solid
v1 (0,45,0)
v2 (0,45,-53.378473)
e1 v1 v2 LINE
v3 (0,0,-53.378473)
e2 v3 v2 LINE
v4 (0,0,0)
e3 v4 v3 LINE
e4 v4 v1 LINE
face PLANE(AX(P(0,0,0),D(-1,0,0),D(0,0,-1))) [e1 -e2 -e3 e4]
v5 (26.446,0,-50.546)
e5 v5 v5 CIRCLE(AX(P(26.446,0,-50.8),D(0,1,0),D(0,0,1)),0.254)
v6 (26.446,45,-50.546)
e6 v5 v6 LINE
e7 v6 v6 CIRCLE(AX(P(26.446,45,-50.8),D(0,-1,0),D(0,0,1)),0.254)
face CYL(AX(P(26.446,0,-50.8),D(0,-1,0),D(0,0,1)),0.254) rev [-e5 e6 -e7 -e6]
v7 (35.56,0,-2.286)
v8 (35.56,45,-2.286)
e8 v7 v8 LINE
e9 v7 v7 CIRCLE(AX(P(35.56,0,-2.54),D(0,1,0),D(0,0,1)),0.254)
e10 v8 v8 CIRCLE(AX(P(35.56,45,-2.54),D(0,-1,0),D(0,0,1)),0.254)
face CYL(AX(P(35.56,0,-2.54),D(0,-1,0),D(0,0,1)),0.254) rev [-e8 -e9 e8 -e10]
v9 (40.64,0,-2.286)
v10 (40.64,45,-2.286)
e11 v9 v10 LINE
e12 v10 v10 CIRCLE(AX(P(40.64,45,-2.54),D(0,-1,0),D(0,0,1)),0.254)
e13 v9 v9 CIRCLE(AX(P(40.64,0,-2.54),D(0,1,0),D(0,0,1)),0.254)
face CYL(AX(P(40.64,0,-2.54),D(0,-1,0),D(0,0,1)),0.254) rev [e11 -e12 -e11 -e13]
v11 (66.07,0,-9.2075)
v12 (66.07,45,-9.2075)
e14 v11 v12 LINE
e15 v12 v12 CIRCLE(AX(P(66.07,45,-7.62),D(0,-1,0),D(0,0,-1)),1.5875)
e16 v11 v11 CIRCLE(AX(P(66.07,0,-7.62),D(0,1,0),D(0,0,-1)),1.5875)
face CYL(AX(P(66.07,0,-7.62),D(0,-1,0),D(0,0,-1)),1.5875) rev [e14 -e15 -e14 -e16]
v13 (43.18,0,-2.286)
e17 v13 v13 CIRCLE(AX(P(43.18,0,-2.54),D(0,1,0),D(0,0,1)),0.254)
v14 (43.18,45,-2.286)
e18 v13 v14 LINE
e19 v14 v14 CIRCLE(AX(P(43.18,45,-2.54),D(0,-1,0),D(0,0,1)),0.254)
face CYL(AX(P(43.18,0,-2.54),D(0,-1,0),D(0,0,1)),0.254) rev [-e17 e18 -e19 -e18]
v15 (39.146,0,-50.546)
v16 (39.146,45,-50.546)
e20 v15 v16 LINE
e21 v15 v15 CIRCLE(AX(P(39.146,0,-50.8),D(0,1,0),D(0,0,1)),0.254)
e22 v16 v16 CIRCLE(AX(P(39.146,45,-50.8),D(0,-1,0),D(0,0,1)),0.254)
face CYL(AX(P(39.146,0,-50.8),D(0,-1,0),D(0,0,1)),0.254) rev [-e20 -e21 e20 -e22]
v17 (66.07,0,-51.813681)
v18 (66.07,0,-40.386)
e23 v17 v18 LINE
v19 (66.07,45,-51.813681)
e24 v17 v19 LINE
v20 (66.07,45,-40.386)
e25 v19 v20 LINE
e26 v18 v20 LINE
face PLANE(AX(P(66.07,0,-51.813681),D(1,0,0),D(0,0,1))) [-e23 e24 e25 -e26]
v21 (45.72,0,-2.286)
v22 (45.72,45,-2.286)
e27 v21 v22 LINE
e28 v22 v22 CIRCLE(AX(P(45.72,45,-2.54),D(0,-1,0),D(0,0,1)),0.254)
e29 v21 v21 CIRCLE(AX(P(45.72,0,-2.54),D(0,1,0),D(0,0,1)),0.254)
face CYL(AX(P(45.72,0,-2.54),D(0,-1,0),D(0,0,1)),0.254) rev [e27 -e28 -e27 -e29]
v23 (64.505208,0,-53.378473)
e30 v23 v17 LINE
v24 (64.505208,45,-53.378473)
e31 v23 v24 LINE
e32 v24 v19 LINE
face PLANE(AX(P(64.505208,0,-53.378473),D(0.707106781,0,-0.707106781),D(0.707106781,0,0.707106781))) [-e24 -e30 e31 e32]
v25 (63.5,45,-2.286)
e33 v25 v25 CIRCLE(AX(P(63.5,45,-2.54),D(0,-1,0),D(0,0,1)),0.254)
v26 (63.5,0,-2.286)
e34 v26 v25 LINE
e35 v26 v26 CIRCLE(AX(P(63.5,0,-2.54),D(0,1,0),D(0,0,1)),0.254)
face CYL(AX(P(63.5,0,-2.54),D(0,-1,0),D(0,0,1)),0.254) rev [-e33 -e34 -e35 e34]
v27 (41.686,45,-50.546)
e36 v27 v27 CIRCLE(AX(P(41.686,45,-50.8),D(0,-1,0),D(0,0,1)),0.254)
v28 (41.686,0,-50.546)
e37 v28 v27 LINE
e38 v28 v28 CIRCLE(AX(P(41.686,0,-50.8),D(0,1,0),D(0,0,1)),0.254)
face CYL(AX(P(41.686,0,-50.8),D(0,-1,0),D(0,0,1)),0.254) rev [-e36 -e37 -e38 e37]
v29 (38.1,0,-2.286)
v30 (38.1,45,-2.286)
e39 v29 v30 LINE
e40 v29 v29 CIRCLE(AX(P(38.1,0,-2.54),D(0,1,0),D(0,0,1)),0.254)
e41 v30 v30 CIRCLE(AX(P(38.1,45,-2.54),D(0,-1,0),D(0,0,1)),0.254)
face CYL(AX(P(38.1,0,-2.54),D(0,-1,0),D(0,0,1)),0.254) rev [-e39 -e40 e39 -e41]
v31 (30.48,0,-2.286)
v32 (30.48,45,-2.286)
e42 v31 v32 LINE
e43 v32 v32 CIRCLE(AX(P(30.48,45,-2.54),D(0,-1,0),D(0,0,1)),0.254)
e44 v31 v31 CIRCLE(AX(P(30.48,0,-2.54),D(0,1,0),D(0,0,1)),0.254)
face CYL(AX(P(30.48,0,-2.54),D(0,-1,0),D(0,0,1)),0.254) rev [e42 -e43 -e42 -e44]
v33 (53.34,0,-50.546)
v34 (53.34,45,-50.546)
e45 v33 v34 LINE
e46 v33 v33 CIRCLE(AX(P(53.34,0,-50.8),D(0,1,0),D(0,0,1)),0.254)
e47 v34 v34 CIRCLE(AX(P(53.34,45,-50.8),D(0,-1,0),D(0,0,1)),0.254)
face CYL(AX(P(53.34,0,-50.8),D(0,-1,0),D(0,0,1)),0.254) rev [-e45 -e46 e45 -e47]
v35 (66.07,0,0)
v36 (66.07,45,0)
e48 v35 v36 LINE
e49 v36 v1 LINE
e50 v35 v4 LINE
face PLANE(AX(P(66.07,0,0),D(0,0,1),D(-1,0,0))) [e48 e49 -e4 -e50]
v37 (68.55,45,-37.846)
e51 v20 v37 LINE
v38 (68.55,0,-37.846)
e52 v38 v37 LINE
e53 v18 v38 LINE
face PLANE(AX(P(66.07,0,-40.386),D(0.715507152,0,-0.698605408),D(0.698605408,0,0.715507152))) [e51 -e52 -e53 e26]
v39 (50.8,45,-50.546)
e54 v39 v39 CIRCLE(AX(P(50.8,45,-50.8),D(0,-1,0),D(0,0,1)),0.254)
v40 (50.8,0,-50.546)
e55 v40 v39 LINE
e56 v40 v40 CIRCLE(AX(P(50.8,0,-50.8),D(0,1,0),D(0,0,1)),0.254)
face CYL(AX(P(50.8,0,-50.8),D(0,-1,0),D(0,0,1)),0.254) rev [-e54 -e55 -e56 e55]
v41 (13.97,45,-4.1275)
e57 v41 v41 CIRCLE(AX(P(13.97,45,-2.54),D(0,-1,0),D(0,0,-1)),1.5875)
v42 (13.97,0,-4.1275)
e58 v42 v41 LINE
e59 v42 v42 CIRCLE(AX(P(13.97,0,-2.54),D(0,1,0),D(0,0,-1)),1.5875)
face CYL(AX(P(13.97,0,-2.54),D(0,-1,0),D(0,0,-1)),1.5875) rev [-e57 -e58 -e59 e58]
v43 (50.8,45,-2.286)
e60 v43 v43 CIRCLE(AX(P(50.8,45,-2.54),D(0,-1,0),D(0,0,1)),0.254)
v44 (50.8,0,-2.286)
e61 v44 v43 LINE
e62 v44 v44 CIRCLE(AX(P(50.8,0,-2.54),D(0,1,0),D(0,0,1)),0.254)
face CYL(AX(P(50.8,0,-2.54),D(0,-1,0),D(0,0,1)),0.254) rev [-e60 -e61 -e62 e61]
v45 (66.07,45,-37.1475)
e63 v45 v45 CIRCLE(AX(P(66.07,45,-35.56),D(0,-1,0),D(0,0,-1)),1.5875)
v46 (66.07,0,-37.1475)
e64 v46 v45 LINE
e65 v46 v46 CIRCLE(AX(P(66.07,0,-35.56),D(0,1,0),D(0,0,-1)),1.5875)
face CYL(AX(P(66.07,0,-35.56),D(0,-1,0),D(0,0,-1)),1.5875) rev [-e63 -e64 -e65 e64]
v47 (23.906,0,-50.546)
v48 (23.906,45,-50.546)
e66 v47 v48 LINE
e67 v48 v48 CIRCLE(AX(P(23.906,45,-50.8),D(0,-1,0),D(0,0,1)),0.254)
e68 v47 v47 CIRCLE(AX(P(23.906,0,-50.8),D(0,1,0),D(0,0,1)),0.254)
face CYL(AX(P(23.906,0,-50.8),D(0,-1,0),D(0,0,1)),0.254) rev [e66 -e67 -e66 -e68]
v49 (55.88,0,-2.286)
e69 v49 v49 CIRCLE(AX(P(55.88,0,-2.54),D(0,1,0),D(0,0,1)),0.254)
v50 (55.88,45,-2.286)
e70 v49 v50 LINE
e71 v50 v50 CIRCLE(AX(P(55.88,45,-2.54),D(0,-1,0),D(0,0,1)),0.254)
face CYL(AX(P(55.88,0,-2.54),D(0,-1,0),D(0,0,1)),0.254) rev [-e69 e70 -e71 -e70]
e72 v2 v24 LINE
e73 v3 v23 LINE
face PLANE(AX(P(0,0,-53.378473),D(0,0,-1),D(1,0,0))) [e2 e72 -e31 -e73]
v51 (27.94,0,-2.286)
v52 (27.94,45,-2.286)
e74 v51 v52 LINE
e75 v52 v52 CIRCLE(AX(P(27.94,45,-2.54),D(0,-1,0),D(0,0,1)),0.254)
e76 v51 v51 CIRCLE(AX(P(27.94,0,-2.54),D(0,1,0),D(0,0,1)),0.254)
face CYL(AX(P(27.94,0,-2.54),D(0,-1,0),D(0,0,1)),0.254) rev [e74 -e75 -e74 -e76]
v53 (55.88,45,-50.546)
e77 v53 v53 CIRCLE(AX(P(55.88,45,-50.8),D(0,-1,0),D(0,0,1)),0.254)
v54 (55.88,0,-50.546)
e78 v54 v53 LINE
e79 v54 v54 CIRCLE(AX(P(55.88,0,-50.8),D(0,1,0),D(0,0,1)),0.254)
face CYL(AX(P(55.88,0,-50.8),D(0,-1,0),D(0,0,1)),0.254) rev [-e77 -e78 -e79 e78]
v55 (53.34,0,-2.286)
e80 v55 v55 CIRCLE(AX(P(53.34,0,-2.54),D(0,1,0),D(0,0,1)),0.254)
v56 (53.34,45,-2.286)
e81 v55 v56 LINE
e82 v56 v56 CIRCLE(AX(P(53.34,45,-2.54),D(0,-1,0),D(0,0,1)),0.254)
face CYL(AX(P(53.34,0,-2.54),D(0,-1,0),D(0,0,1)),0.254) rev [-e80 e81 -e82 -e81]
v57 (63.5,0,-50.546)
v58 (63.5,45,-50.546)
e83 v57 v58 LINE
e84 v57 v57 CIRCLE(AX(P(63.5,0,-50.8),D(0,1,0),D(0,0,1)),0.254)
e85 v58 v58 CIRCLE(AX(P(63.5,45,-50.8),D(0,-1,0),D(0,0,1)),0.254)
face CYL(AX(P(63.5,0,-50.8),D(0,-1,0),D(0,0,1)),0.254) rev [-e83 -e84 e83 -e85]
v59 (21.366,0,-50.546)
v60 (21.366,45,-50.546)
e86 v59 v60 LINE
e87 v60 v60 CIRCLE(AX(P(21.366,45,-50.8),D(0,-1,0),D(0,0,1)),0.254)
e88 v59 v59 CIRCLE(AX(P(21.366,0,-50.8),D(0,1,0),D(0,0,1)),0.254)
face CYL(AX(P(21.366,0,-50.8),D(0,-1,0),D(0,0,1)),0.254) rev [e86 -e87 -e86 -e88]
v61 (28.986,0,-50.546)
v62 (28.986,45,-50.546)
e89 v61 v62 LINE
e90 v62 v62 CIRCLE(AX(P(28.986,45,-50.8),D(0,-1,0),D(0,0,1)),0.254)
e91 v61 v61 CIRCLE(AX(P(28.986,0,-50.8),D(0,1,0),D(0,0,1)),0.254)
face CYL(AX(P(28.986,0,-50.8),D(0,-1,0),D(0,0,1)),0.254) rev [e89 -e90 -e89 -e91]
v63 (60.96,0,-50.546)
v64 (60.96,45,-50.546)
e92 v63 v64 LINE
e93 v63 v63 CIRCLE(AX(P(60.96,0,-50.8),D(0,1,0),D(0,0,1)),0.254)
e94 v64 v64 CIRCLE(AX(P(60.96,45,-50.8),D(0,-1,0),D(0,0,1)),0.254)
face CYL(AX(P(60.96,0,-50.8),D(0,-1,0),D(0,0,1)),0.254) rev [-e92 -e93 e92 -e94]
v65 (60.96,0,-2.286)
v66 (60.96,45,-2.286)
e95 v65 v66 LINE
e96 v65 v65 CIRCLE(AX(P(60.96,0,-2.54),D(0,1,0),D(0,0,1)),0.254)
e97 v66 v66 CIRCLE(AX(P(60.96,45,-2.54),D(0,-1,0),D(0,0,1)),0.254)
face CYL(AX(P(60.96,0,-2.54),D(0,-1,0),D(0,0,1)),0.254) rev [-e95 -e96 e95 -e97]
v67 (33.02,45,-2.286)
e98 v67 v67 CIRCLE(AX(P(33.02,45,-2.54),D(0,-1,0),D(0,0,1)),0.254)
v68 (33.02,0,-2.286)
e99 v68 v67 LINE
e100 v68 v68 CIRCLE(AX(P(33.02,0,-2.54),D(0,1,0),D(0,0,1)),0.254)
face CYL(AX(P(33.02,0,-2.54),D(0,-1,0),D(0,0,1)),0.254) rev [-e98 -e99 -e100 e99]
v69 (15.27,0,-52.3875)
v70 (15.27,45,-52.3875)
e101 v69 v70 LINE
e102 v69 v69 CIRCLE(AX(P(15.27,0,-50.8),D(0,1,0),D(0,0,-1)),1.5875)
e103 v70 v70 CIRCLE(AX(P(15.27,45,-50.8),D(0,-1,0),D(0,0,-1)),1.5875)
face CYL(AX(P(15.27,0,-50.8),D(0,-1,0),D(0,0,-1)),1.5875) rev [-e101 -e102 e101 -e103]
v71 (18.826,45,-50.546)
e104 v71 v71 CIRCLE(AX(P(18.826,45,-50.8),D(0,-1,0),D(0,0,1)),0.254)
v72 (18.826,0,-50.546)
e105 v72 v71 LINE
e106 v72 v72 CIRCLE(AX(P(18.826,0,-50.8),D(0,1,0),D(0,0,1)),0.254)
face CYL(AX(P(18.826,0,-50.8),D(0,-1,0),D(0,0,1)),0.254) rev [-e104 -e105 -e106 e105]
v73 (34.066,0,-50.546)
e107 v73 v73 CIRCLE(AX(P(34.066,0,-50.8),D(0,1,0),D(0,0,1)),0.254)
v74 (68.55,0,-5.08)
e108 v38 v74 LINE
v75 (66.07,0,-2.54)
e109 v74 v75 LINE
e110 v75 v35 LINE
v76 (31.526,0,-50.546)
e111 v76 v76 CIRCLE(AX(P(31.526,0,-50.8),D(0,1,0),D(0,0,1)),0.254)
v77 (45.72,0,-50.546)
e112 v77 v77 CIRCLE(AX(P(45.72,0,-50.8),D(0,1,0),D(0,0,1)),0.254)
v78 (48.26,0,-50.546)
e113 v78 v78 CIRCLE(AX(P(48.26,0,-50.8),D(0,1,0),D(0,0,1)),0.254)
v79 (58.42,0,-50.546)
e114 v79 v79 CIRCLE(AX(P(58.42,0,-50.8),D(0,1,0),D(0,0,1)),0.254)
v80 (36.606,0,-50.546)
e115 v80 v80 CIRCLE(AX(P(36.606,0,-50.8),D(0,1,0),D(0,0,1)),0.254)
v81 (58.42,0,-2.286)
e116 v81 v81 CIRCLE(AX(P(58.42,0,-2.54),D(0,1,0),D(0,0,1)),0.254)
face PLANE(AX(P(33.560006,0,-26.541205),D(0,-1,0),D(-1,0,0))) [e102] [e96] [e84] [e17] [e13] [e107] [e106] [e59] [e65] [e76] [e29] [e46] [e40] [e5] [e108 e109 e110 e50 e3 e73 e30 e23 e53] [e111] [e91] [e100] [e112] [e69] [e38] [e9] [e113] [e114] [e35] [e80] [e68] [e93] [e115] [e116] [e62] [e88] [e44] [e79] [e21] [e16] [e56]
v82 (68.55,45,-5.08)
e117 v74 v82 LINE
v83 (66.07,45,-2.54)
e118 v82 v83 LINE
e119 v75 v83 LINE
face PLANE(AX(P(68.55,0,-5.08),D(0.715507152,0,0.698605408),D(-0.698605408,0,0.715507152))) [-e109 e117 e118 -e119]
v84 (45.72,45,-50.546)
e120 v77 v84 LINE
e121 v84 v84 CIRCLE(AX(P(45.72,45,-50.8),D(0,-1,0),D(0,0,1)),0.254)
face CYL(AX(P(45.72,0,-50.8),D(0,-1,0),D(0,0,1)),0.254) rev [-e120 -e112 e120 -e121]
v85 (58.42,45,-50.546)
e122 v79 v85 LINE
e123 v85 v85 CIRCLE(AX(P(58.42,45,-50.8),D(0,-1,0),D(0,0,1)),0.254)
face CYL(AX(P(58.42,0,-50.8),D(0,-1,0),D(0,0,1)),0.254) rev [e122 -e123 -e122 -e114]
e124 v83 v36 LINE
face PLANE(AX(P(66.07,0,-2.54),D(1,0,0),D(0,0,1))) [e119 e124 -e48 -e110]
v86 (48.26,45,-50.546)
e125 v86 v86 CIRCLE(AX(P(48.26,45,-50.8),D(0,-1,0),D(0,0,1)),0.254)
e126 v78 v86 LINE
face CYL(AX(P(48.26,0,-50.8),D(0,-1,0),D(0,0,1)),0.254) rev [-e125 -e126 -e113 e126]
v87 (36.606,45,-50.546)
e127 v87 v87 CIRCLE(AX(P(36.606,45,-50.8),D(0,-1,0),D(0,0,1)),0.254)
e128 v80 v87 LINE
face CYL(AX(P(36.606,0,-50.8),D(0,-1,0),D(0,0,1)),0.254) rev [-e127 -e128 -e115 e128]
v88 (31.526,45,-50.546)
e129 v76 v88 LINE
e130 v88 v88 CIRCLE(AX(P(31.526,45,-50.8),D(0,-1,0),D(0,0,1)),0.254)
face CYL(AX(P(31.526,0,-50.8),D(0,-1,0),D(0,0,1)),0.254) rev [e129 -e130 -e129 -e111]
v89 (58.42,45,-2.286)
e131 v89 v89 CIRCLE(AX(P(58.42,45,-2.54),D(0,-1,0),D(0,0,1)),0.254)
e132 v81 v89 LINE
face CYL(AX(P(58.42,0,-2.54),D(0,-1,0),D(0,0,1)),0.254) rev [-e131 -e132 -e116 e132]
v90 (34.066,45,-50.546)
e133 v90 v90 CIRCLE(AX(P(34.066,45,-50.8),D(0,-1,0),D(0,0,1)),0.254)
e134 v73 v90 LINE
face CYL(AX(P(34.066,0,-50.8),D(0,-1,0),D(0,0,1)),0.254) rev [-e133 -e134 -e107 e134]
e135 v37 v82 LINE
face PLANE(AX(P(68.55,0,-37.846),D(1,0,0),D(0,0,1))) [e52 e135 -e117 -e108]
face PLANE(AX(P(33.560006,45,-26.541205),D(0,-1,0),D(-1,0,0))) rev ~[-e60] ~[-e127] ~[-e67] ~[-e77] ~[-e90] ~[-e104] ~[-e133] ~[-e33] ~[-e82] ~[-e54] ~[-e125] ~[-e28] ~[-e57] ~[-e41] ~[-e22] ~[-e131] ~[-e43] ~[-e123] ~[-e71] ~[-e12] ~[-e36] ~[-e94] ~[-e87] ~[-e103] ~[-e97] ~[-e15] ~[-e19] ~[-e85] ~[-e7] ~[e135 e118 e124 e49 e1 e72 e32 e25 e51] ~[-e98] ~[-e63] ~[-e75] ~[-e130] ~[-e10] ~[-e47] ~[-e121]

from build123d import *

# Parameters (mm, degrees)
SALIENTE_EXTRUIR1_DEPTH = 45
DRILLS_R                = 1.5875
CORTAR_EXTRUIR1_DEPTH   = 98.843568471
PINOUT_R                = 0.254
CORTAR_EXTRUIR2_DEPTH   = 98.843568471


with BuildPart() as part:
    # Board → Saliente-Extruir1 (new body)
    with BuildSketch(Plane(origin=(0, 0, 0), x_dir=(1, 0, 0), z_dir=(0, 1, 0))):
        Polygon((68.55, 37.846), (68.55, 5.08), (66.07, 2.54), (66.07, 0), (0, 0), (0, 53.378473106), (64.505207648, 53.378473106), (66.07, 51.813680753), (66.07, 40.386), align=None)
    extrude(amount=SALIENTE_EXTRUIR1_DEPTH)

    # Drills → Cortar-Extruir1 (cut, through all)
    with BuildSketch(Plane(origin=(0, 0, 0), x_dir=(1, 0, 0), z_dir=(0, 1, 0))):
        with Locations(Location((15.27, 50.8, 0), (0, 0, 90))):
            Circle(DRILLS_R)
        with Locations(Location((66.07, 35.56, 0), (0, 0, 90))):
            Circle(DRILLS_R)
        with Locations(Location((66.07, 7.62, 0), (0, 0, 90))):
            Circle(DRILLS_R)
        with Locations(Location((13.970000009, 2.54, 0), (0, 0, 90))):
            Circle(DRILLS_R)
    extrude(amount=CORTAR_EXTRUIR1_DEPTH, mode=Mode.SUBTRACT)

    # Pinout → Cortar-Extruir2 (cut, through all)
    with BuildSketch(Plane(origin=(0, 0, 0), x_dir=(1, 0, 0), z_dir=(0, 1, 0))):
        with Locations(Location((63.50000008, 2.54, 0), (0, 0, 270))):
            Circle(PINOUT_R)
        with Locations(Location((60.96000008, 2.54, 0), (0, 0, 270))):
            Circle(PINOUT_R)
        with Locations(Location((58.42000008, 2.54, 0), (0, 0, 270))):
            Circle(PINOUT_R)
        with Locations(Location((55.88000008, 2.54, 0), (0, 0, 270))):
            Circle(PINOUT_R)
        with Locations(Location((53.34000008, 2.54, 0), (0, 0, 270))):
            Circle(PINOUT_R)
        with Locations(Location((50.80000008, 2.54, 0), (0, 0, 270))):
            Circle(PINOUT_R)
        with Locations(Location((45.72000008, 2.54, 0), (0, 0, 270))):
            Circle(PINOUT_R)
        with Locations(Location((43.18000008, 2.54, 0), (0, 0, 270))):
            Circle(PINOUT_R)
        with Locations(Location((40.64000008, 2.54, 0), (0, 0, 270))):
            Circle(PINOUT_R)
        with Locations(Location((38.10000008, 2.54, 0), (0, 0, 270))):
            Circle(PINOUT_R)
        with Locations(Location((35.56000008, 2.54, 0), (0, 0, 270))):
            Circle(PINOUT_R)
        with Locations(Location((33.02000008, 2.54, 0), (0, 0, 270))):
            Circle(PINOUT_R)
        with Locations(Location((30.48000008, 2.54, 0), (0, 0, 270))):
            Circle(PINOUT_R)
        with Locations(Location((27.94000008, 2.54, 0), (0, 0, 270))):
            Circle(PINOUT_R)
        with Locations(Location((63.50000008, 50.8, 0), (0, 0, 270))):
            Circle(PINOUT_R)
        with Locations(Location((60.96000008, 50.8, 0), (0, 0, 270))):
            Circle(PINOUT_R)
        with Locations(Location((58.42000008, 50.8, 0), (0, 0, 270))):
            Circle(PINOUT_R)
        with Locations(Location((55.88000008, 50.8, 0), (0, 0, 270))):
            Circle(PINOUT_R)
        with Locations(Location((53.34000008, 50.8, 0), (0, 0, 270))):
            Circle(PINOUT_R)
        with Locations(Location((50.80000008, 50.8, 0), (0, 0, 270))):
            Circle(PINOUT_R)
        with Locations(Location((48.26000008, 50.8, 0), (0, 0, 270))):
            Circle(PINOUT_R)
        with Locations(Location((45.72000008, 50.8, 0), (0, 0, 270))):
            Circle(PINOUT_R)
        with Locations(Location((41.68600002, 50.8, 0), (0, 0, 270))):
            Circle(PINOUT_R)
        with Locations(Location((39.14600002, 50.8, 0), (0, 0, 270))):
            Circle(PINOUT_R)
        with Locations(Location((36.60600002, 50.8, 0), (0, 0, 270))):
            Circle(PINOUT_R)
        with Locations(Location((34.06600002, 50.8, 0), (0, 0, 270))):
            Circle(PINOUT_R)
        with Locations(Location((31.52600002, 50.8, 0), (0, 0, 270))):
            Circle(PINOUT_R)
        with Locations(Location((28.98600002, 50.8, 0), (0, 0, 270))):
            Circle(PINOUT_R)
        with Locations(Location((26.44600002, 50.8, 0), (0, 0, 270))):
            Circle(PINOUT_R)
        with Locations(Location((23.90600002, 50.8, 0), (0, 0, 270))):
            Circle(PINOUT_R)
        with Locations(Location((21.36600002, 50.8, 0), (0, 0, 270))):
            Circle(PINOUT_R)
        with Locations(Location((18.82600002, 50.8, 0), (0, 0, 270))):
            Circle(PINOUT_R)
    extrude(amount=CORTAR_EXTRUIR2_DEPTH, mode=Mode.SUBTRACT)


solid = part.part
